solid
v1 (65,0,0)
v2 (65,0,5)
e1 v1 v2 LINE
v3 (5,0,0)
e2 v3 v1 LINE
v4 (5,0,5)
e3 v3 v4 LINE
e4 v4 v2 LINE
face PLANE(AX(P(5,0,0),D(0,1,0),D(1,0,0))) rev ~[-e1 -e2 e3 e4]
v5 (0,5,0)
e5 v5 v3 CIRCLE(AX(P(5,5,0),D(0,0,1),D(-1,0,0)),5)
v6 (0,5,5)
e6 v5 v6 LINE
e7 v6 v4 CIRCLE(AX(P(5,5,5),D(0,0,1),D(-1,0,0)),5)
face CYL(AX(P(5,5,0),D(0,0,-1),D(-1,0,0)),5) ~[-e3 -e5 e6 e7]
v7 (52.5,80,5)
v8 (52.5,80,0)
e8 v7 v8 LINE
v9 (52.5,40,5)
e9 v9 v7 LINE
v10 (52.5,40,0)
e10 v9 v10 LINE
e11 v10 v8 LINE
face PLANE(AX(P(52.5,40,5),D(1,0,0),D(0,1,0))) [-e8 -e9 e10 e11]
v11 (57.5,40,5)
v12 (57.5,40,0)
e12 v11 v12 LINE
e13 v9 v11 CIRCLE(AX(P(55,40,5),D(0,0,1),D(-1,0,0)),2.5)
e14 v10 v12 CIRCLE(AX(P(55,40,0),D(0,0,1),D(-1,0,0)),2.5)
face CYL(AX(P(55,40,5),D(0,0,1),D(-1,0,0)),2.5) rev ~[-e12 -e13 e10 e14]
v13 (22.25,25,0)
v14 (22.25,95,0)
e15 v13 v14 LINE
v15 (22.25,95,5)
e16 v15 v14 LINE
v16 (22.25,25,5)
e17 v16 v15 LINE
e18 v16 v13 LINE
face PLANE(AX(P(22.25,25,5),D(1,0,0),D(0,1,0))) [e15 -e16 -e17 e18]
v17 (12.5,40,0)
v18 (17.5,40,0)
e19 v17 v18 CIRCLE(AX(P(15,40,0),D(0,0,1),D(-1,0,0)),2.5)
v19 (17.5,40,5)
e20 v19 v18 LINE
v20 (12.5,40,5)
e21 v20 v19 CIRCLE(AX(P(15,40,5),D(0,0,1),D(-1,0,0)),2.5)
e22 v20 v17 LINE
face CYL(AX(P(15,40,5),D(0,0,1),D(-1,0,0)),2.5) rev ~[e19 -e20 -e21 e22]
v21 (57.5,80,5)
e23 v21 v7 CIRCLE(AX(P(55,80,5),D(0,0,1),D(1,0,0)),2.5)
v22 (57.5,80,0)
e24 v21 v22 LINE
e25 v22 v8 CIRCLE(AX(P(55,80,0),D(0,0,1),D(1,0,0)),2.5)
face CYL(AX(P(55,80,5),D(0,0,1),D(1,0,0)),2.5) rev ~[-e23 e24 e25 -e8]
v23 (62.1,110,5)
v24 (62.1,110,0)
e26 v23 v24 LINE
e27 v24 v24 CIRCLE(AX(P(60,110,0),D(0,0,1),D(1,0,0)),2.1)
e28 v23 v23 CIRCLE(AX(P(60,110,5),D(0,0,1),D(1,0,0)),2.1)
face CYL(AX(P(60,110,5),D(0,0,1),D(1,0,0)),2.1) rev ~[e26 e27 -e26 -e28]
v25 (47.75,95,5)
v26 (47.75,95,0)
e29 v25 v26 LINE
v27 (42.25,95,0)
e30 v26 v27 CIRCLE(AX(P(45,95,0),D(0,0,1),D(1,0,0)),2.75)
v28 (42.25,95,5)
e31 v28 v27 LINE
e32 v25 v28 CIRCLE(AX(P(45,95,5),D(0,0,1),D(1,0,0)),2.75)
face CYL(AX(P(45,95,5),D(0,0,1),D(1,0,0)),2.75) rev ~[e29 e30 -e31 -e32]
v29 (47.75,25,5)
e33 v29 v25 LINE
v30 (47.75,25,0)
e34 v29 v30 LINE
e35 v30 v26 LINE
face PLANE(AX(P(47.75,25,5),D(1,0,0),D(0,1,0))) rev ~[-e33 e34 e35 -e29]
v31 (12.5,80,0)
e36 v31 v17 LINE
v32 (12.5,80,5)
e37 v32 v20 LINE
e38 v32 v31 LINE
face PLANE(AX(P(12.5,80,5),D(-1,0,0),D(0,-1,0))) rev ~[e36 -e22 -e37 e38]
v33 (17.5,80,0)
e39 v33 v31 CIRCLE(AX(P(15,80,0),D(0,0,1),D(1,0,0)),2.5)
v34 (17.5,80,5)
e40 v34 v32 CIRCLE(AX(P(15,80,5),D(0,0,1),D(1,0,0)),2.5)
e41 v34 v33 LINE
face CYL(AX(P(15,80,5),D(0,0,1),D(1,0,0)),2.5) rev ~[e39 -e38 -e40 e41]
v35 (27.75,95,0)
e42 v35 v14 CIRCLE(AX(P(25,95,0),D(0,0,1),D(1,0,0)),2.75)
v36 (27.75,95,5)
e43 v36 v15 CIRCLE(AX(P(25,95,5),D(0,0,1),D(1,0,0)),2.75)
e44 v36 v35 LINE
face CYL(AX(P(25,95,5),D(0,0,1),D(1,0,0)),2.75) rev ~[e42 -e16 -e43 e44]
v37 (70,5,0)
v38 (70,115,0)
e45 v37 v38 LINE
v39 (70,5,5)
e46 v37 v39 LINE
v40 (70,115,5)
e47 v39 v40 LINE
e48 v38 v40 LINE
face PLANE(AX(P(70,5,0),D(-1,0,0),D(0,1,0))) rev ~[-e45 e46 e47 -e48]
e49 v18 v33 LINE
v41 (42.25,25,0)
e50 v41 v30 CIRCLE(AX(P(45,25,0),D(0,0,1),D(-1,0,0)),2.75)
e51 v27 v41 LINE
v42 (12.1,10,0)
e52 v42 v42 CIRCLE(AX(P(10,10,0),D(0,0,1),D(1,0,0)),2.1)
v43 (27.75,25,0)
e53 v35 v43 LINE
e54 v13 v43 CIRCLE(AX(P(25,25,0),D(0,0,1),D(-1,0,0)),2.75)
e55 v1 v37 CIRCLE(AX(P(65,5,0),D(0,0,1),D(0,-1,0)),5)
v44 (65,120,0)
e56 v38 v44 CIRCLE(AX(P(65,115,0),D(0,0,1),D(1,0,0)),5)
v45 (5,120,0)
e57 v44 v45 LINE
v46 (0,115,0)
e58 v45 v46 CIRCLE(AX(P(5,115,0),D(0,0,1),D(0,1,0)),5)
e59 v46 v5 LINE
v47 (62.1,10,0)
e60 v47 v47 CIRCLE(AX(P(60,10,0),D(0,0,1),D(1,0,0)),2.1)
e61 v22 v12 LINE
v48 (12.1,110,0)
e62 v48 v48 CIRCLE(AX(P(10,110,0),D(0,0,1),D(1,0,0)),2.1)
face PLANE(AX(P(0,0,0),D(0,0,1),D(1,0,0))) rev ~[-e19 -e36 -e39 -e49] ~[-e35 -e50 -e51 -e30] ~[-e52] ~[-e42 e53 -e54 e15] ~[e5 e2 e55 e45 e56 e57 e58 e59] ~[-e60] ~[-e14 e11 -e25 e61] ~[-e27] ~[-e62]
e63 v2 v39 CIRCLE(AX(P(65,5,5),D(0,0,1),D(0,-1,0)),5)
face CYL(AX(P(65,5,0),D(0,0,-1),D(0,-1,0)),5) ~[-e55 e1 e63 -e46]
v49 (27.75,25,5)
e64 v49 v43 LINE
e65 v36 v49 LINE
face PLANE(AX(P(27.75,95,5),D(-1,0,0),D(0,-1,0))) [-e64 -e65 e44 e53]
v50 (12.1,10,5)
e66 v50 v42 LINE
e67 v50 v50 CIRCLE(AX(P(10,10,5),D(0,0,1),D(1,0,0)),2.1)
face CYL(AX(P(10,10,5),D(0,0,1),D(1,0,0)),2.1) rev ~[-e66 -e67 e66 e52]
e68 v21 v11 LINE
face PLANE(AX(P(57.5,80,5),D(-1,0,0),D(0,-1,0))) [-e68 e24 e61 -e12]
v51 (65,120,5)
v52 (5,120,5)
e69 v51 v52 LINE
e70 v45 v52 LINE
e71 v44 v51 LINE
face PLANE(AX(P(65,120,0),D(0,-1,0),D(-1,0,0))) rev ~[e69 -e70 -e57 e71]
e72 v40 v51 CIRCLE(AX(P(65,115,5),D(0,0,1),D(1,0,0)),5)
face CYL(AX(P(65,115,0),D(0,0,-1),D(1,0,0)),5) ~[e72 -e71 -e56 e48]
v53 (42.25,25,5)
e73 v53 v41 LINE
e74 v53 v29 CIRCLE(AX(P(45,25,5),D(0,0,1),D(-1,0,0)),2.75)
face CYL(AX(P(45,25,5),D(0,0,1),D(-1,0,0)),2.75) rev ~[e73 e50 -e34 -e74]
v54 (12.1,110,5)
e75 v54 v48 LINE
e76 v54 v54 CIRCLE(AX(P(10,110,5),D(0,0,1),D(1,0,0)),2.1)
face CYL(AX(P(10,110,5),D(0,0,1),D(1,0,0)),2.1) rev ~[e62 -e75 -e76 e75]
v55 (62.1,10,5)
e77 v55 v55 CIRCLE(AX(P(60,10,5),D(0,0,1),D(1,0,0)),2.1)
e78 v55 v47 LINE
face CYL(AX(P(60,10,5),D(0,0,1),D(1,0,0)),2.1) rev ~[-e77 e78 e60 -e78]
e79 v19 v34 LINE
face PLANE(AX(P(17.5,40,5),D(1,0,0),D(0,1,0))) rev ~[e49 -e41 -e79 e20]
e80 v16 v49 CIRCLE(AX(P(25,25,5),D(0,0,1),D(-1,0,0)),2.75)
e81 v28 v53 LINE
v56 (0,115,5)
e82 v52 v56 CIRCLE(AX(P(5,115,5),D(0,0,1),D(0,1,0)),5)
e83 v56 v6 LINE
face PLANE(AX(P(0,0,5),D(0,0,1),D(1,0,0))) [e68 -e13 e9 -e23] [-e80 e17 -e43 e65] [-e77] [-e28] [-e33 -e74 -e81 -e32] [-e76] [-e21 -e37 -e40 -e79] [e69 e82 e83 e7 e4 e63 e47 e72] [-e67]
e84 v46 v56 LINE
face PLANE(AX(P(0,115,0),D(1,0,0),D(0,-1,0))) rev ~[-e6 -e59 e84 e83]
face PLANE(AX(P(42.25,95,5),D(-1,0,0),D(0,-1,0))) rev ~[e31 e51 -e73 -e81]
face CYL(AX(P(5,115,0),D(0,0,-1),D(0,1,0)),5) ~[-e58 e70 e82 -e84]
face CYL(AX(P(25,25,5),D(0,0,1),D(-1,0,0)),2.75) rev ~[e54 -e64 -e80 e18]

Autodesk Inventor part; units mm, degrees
ref_plane "YZ Plane" through (0, 0, 0) normal (1, 0, 0) x (0, 1, 0)
ref_plane "XZ Plane" through (0, 0, 0) normal (0, 1, 0) x (-1, 0, 0)
ref_plane "XY Plane" through (0, 0, 0) normal (0, 0, 1) x (1, 0, 0)
sketch "Skizze1" plane through (0, 0, 0) normal (0, 0, 1) x (1, 0, 0)
  line L0 (5, 0) -> (65, 0)
  line L1 (70, 5) -> (70, 115)
  line L2 (65, 120) -> (5, 120)
  line L3 (0, 115) -> (0, 5)
  arc A0 (70, 115) -> (65, 120) centre (65, 115) ccw
  arc A1 (65, 0) -> (70, 5) centre (65, 5) ccw
  arc A2 (0, 5) -> (5, 0) centre (5, 5) ccw
  arc A3 (5, 120) -> (0, 115) centre (5, 115) ccw
  point P0 (0, 0)
  point P1 (70, 120)
  point P2 (70, 0)
  dimension "d0" = 120
  dimension "d1" = 70
  dimension "d3" = 5
extrude "Extrusion1" add sketch "Skizze1" along normal blind 5
sketch "Skizze2" plane through (0, 0, 5) normal (0, 0, 1) x (1, 0, 0)
  circle A0 centre (60, 10) radius 2.1
  circle A1 centre (10, 10) radius 2.1
  circle A2 centre (10, 110) radius 2.1
  circle A3 centre (60, 110) radius 2.1
  point P0 (0, 0)
  dimension "d6" = 4.2
  dimension "d7" = 4.2
  dimension "d8" = 4.2
  dimension "d9" = 4.2
  dimension "d10" = 100
  dimension "d11" = 50
  dimension "d12" = 10
  dimension "d13" = 10
extrude "Extrusion2" cut sketch "Skizze2" against normal through all
sketch "Skizze3" plane through (0, 0, 5) normal (0, 0, 1) x (1, 0, 0)
  line L0 (15, 80) -> (15, 40) construction
  line L1 (12.5, 80) -> (12.5, 40)
  line L2 (17.5, 40) -> (17.5, 80)
  arc A0 (17.5, 80) -> (12.5, 80) centre (15, 80) ccw
  arc A1 (12.5, 40) -> (17.5, 40) centre (15, 40) ccw
  line L3 (65, 120) -> (5, 120) projected
  line L4 (35, 120) -> (35, 0) construction
  line L5 (0, 115) -> (0, 5) projected
  line L6 (0, 60) -> (70, 60) construction
  line L7 (70, 5) -> (70, 115) projected
  line L8 (55, 80) -> (55, 40) construction
  line L9 (57.5, 80) -> (57.5, 40)
  line L10 (52.5, 40) -> (52.5, 80)
  arc A2 (57.5, 80) -> (52.5, 80) centre (55, 80) ccw
  arc A3 (52.5, 40) -> (57.5, 40) centre (55, 40) ccw
  point P0 (0, 0)
  point P1 (15, 60)
  point P2 (55, 60)
  dimension "d16" = 40
  dimension "d18" = 2.5
  dimension "d20" = 20
  dimension "d21" = 0
extrude "Extrusion3" cut sketch "Skizze3" against normal through all
sketch "Skizze4" plane through (0, 0, 5) normal (0, 0, 1) x (1, 0, 0)
  line L0 (45, 25) -> (45, 95) construction
  line L1 (47.75, 25) -> (47.75, 95)
  line L2 (42.25, 95) -> (42.25, 25)
  arc A0 (42.25, 25) -> (47.75, 25) centre (45, 25) ccw
  arc A1 (47.75, 95) -> (42.25, 95) centre (45, 95) ccw
  line L3 (5, 0) -> (65, 0) projected
  line L4 (35, 0) -> (35, 120) construction
  line L5 (65, 120) -> (5, 120) projected
  line L6 (70, 5) -> (70, 115) projected
  line L7 (70, 60) -> (0, 60) construction
  line L8 (0, 115) -> (0, 5) projected
  line L9 (25, 25) -> (25, 95) construction
  line L10 (22.25, 25) -> (22.25, 95)
  line L11 (27.75, 95) -> (27.75, 25)
  arc A2 (22.25, 25) -> (27.75, 25) centre (25, 25) ccw
  arc A3 (27.75, 95) -> (22.25, 95) centre (25, 95) ccw
  arc A4 (17.5, 80) -> (12.5, 80) centre (15, 80) ccw projected
  arc A5 (12.5, 40) -> (17.5, 40) centre (15, 40) ccw projected
  point P0 (0, 0)
  point P1 (45, 60)
  point P2 (25, 60)
  point P3 (25, 60)
  point P4 (35, 60)
  dimension "d24" = 2.75
  dimension "d28" = 10
  dimension "d35" = 15
extrude "Extrusion4" cut sketch "Skizze4" against normal up to surface (5 mm away)
properties part number "103.009.01_Grundplatte_Stopper" material "PMMA-Kunststoff"
